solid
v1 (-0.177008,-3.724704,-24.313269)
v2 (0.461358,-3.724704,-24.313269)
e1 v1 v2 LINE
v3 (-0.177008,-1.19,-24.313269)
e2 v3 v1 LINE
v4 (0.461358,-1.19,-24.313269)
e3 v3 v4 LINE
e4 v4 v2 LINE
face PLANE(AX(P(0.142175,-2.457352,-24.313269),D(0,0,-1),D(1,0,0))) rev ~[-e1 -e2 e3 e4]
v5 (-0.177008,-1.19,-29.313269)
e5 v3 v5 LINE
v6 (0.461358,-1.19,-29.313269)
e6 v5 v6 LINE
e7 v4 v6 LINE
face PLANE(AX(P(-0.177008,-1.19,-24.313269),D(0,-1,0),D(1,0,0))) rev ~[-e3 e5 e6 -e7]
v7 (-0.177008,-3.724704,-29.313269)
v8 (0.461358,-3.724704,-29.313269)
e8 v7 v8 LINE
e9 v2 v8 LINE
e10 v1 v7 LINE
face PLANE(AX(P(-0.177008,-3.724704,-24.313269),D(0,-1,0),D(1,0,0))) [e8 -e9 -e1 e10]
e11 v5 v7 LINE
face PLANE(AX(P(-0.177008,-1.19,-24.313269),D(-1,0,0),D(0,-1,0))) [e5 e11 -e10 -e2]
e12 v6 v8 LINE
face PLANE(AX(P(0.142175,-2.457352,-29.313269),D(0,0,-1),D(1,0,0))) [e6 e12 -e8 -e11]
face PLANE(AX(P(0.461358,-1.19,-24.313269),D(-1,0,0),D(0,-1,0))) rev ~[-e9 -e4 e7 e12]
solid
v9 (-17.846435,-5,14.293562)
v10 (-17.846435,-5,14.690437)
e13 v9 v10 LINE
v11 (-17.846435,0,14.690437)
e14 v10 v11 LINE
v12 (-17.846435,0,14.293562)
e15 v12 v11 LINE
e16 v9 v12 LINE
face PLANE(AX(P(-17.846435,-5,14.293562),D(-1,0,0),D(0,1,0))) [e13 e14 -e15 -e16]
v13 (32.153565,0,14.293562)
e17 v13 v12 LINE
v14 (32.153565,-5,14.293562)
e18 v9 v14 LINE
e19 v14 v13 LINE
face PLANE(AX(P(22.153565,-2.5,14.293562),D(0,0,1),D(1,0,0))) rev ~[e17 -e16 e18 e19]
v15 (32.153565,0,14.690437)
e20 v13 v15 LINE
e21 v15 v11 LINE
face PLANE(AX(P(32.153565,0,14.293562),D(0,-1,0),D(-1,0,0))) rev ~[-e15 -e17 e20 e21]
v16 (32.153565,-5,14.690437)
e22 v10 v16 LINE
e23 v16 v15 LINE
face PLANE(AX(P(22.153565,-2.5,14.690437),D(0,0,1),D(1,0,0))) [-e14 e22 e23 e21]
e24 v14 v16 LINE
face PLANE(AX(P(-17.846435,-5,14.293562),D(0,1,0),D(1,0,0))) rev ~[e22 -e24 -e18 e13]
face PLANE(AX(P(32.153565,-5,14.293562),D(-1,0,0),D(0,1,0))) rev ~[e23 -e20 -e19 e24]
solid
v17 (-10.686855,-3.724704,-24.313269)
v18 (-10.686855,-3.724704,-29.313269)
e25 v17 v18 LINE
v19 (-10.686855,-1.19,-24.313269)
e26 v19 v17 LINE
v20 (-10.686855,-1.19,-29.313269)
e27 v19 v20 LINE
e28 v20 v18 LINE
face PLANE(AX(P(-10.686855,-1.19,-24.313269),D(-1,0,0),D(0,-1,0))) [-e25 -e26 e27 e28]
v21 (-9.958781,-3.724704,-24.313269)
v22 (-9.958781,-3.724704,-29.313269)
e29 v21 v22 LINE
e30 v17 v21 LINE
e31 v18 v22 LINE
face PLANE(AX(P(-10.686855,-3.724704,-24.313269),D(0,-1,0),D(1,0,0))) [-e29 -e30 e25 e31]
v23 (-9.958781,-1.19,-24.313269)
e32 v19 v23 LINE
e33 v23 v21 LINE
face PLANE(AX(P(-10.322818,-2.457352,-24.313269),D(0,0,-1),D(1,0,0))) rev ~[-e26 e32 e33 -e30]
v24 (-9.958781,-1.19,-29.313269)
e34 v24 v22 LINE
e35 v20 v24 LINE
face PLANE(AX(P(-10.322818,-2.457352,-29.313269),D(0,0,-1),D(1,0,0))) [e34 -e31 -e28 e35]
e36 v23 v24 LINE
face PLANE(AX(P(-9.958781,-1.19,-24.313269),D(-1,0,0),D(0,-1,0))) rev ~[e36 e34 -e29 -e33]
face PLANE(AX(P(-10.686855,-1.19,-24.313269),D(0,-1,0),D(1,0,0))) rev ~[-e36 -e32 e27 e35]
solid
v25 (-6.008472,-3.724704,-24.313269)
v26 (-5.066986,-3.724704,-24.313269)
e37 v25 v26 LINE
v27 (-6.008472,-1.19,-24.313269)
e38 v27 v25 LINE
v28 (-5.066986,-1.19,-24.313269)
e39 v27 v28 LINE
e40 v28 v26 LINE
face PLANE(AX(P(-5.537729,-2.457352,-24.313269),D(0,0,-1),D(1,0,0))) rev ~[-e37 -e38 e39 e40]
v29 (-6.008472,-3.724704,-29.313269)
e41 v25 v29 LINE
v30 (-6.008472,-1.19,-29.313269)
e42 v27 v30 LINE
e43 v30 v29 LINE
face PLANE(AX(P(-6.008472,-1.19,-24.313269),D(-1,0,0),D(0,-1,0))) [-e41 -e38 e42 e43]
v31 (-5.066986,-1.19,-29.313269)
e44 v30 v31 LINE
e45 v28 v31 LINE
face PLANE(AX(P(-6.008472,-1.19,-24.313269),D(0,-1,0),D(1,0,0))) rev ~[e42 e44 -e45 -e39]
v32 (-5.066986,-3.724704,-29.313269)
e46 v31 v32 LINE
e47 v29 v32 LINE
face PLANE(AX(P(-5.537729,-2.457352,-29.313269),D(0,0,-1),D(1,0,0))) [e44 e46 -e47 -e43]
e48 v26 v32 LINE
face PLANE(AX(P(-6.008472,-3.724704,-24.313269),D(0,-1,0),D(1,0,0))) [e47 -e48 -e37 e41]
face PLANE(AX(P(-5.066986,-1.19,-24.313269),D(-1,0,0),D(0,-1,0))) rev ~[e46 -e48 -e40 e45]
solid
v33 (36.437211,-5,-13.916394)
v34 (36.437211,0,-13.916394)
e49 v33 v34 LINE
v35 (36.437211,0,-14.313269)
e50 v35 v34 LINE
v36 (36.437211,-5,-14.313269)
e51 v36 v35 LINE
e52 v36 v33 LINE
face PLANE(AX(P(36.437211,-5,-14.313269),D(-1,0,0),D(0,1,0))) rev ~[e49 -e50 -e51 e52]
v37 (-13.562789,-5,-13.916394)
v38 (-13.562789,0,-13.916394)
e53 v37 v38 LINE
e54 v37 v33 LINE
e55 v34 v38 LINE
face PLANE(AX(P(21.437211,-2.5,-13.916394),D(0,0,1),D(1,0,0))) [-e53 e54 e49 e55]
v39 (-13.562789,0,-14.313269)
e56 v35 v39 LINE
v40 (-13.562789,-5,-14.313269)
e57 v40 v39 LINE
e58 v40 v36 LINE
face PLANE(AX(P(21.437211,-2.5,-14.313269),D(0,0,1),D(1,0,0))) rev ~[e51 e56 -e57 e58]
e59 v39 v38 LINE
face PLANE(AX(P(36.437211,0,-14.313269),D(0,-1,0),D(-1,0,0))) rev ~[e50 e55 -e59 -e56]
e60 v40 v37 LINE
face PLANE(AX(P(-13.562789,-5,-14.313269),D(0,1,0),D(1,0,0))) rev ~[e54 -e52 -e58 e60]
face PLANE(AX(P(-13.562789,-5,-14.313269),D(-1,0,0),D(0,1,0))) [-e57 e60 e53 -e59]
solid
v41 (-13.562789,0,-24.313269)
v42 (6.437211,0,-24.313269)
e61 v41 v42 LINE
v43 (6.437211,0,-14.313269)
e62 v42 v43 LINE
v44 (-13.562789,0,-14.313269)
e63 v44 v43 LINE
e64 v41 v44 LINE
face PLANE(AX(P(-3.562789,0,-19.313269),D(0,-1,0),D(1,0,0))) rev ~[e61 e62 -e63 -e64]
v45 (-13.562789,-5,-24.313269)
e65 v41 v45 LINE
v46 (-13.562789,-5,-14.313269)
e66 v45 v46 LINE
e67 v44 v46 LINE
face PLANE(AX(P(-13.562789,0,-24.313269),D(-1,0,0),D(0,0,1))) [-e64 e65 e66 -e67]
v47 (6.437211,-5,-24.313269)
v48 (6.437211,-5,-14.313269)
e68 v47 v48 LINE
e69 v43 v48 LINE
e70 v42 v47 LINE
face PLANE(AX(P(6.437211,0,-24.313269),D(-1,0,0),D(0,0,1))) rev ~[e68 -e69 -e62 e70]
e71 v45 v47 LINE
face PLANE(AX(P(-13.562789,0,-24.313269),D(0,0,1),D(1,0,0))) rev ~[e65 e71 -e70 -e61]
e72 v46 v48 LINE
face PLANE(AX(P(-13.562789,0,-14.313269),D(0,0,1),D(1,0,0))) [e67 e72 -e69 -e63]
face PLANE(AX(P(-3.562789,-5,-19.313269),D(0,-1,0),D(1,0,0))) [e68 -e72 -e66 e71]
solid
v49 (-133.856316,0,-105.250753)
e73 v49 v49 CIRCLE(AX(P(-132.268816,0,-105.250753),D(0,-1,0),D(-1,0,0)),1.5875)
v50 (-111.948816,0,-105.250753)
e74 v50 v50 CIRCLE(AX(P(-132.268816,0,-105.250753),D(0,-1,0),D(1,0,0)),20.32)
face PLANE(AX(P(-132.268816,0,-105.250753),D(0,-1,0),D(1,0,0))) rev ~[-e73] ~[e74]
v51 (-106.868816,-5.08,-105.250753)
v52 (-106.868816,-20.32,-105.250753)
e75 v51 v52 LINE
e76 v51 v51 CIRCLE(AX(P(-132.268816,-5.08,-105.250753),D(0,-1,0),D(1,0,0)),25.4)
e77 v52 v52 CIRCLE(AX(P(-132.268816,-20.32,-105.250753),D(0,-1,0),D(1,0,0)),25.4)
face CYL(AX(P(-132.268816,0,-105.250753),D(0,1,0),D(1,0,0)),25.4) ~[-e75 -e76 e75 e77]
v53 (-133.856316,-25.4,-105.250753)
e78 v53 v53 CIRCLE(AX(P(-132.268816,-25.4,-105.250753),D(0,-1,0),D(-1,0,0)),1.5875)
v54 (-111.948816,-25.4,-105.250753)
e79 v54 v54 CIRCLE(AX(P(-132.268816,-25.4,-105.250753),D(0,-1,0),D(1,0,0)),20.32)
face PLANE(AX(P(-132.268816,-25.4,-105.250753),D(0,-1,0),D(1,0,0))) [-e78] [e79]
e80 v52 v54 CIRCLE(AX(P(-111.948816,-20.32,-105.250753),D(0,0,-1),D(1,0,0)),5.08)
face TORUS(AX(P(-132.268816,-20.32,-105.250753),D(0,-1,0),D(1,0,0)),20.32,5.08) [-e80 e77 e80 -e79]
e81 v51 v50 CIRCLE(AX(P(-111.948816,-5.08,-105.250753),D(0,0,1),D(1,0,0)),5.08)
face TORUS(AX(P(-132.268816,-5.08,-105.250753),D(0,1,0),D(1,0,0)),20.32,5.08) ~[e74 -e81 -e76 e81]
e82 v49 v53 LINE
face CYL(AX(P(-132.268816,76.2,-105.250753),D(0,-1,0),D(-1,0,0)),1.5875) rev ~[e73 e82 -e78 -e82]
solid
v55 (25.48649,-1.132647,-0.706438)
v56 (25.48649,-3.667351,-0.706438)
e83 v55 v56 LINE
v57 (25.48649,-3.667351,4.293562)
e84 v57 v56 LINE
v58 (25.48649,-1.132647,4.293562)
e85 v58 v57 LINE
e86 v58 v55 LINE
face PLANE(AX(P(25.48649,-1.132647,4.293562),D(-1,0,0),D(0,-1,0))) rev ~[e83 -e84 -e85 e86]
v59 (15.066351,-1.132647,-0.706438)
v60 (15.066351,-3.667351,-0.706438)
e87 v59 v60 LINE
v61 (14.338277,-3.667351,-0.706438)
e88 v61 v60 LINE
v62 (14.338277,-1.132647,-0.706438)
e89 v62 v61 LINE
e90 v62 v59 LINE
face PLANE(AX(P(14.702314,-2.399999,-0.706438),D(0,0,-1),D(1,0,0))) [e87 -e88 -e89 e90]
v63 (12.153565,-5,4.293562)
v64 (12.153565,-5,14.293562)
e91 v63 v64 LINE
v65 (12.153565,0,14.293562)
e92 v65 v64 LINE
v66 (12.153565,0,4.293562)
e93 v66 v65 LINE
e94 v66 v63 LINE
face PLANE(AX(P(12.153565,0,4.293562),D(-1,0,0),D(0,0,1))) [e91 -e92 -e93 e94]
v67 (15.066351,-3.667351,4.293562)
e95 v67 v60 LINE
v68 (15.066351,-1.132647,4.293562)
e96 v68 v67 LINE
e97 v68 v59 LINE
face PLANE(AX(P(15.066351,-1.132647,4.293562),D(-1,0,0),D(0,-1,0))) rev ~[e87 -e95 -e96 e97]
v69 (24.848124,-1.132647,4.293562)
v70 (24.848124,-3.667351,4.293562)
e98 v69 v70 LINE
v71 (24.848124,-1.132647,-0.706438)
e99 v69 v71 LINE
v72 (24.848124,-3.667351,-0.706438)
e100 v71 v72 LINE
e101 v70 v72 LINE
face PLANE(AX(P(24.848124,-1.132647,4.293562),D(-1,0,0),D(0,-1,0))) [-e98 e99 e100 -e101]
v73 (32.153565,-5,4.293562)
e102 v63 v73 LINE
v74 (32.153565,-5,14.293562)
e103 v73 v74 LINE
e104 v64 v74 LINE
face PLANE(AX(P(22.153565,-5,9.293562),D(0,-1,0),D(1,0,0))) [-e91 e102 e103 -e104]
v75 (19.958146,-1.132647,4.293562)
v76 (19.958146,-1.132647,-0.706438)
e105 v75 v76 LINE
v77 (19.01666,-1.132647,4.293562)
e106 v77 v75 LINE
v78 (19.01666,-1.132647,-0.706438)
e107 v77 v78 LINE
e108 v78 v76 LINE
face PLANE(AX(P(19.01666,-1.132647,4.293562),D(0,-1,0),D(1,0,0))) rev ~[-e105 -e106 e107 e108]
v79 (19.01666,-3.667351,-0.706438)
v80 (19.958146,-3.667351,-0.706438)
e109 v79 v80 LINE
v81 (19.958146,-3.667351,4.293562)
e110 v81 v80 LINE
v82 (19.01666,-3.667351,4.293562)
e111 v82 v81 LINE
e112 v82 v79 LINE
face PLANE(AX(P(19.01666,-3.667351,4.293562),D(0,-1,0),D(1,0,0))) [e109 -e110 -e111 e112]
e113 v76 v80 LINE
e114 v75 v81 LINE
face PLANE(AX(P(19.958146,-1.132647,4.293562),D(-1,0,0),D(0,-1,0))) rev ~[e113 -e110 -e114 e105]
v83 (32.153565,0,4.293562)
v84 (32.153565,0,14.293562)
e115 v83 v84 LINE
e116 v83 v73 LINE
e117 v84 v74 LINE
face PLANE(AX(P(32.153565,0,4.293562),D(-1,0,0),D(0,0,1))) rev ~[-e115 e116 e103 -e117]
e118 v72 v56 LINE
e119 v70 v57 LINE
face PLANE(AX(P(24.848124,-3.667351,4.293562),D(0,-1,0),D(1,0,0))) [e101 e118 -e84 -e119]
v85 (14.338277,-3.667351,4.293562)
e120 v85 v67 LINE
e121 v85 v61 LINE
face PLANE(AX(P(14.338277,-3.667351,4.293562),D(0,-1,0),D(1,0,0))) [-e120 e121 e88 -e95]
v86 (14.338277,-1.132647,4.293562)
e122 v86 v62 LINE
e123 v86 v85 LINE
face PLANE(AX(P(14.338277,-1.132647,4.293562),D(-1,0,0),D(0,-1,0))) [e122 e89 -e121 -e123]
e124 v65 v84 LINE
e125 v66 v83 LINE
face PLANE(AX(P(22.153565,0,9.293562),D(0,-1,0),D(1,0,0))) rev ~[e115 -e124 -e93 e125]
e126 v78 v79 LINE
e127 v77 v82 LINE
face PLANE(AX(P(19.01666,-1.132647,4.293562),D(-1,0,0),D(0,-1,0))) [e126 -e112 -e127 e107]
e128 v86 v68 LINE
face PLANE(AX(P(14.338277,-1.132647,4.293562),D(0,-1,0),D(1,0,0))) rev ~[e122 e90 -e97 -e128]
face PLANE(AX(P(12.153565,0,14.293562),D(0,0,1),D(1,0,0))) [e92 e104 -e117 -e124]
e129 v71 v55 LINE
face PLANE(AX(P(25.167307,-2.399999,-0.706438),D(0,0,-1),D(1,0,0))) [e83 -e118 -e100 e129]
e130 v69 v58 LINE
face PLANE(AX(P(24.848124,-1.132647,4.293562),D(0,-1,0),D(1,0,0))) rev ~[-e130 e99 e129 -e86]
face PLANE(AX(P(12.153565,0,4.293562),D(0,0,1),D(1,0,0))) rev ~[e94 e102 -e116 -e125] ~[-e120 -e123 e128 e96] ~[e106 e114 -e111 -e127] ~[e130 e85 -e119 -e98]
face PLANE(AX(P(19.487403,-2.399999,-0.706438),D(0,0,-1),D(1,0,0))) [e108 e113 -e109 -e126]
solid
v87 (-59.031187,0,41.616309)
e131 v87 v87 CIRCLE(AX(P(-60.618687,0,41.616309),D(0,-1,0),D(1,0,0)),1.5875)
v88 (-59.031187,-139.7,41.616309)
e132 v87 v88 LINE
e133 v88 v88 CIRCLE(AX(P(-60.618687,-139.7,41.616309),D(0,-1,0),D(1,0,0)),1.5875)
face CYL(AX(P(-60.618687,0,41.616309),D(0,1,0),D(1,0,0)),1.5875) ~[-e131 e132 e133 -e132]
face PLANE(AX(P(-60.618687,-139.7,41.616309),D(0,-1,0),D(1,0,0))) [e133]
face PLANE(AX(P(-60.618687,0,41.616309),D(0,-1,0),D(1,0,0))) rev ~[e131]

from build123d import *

# Parameters (mm, degrees)
F0_W      = 20
F0_H      = 10
F1_DEPTH  = 5
F2_W      = 20
F2_H      = 5
F2_W_2    = 30
F4_DEPTH  = 0.396875
F3_W      = 30
F3_H      = 5
F3_W_2    = 20
F5_W      = 0.7280735299
F5_H      = 2.5347038172
F5_W_2    = 0.9414851665
F5_W_3    = 0.6383657455
F7_DEPTH  = 5
F6_W      = 0.7280735299
F6_H      = 2.5347038172
F6_W_2    = 0.9414851665
F6_W_3    = 0.6383657455
F8_R      = 1.5875
F9_DEPTH  = 139.7
F10_R     = 25.4
F11_DEPTH = 25.4
F12_D     = 3.175
F13_R     = 5.08


with BuildPart() as f1:
    # F0 (on Front) → F1 (new body)
    with BuildSketch(Plane.XZ):
        with Locations((-3.5627891682, -19.313269183)):
            Rectangle(F0_W, F0_H)
    extrude(amount=F1_DEPTH)


with BuildPart() as f1b:
    # F0 (on Front) → F1, piece 2 (new body)
    with BuildSketch(Plane.XZ):
        with Locations((22.1535649523, 9.2935619131)):
            Rectangle(F0_W, F0_H)
    extrude(amount=F1_DEPTH)

    # F5 (on face) → F7 (join)
    with BuildSketch(Plane(origin=(0, 0, 4.2935619131), x_dir=(1, 0, 0), z_dir=(0, 0, -1))):
        with Locations((14.7023140453, 2.3999989498)):
            Rectangle(F5_W, F5_H)
        with Locations((19.4874030712, 2.3999989498)):
            Rectangle(F5_W_2, F5_H)
        with Locations((25.1673069077, 2.3999989498)):
            Rectangle(F5_W_3, F5_H)
    extrude(amount=F7_DEPTH)


with BuildPart() as f4:
    # F2 (on face) → F4 (new body)
    with BuildSketch(Plane.XY.offset(14.2935619131)):
        with Locations((22.1535649523, -2.5)):
            Rectangle(F2_W, F2_H)
        with Locations((-2.8464350477, -2.5)):
            Rectangle(F2_W_2, F2_H)
    extrude(amount=F4_DEPTH)


with BuildPart() as f4b:
    # F3 (on face) → F4, piece 2 (new body)
    with BuildSketch(Plane.XY.offset(-14.313269183)):
        with Locations((21.4372108318, -2.5)):
            Rectangle(F3_W, F3_H)
        with Locations((-3.5627891682, -2.5)):
            Rectangle(F3_W_2, F3_H)
    extrude(amount=F4_DEPTH)


with BuildPart() as f7:
    # F6 (on face) → F7, piece 2 (new body)
    with BuildSketch(Plane(origin=(0, 0, -24.313269183), x_dir=(1, 0, 0), z_dir=(0, 0, -1))):
        with Locations((-10.3228180669, 2.4573516566)):
            Rectangle(F6_W, F6_H)
        with Locations((-5.5377290411, 2.4573516566)):
            Rectangle(F6_W_2, F6_H)
        with Locations((0.1421747954, 2.4573516566)):
            Rectangle(F6_W_3, F6_H)
    extrude(amount=F7_DEPTH)


with BuildPart() as f9:
    # F8 (on Front) → F9 (new body)
    with BuildSketch(Plane.XZ):
        with Locations((-60.6186874211, 41.6163094342)):
            Circle(F8_R)
    extrude(amount=F9_DEPTH)


with BuildPart() as f11:
    # F10 (on Front) → F11 (new body)
    with BuildSketch(Plane.XZ):
        with Locations((-132.2688162327, -105.2507534623)):
            Circle(F10_R)
    extrude(amount=F11_DEPTH)

    # F12 (through all)
    with Locations(Plane(origin=(0, 0, 0), x_dir=(1, 0, 0), z_dir=(0, 1, 0))):
        with Locations((-132.2688162327, 105.2507534623)):
            Hole(F12_D / 2)

    # F13
    f13_edges = [f11.edges().sort_by_distance(p)[0] for p in [
        (-157.668816, -25.4, -105.250753),
        (-157.668816, 0, -105.250753),
    ]]
    fillet(f13_edges, radius=F13_R)


solid = Compound([f1.part, f1b.part, f4.part, f4b.part, f7.part, f9.part, f11.part])
